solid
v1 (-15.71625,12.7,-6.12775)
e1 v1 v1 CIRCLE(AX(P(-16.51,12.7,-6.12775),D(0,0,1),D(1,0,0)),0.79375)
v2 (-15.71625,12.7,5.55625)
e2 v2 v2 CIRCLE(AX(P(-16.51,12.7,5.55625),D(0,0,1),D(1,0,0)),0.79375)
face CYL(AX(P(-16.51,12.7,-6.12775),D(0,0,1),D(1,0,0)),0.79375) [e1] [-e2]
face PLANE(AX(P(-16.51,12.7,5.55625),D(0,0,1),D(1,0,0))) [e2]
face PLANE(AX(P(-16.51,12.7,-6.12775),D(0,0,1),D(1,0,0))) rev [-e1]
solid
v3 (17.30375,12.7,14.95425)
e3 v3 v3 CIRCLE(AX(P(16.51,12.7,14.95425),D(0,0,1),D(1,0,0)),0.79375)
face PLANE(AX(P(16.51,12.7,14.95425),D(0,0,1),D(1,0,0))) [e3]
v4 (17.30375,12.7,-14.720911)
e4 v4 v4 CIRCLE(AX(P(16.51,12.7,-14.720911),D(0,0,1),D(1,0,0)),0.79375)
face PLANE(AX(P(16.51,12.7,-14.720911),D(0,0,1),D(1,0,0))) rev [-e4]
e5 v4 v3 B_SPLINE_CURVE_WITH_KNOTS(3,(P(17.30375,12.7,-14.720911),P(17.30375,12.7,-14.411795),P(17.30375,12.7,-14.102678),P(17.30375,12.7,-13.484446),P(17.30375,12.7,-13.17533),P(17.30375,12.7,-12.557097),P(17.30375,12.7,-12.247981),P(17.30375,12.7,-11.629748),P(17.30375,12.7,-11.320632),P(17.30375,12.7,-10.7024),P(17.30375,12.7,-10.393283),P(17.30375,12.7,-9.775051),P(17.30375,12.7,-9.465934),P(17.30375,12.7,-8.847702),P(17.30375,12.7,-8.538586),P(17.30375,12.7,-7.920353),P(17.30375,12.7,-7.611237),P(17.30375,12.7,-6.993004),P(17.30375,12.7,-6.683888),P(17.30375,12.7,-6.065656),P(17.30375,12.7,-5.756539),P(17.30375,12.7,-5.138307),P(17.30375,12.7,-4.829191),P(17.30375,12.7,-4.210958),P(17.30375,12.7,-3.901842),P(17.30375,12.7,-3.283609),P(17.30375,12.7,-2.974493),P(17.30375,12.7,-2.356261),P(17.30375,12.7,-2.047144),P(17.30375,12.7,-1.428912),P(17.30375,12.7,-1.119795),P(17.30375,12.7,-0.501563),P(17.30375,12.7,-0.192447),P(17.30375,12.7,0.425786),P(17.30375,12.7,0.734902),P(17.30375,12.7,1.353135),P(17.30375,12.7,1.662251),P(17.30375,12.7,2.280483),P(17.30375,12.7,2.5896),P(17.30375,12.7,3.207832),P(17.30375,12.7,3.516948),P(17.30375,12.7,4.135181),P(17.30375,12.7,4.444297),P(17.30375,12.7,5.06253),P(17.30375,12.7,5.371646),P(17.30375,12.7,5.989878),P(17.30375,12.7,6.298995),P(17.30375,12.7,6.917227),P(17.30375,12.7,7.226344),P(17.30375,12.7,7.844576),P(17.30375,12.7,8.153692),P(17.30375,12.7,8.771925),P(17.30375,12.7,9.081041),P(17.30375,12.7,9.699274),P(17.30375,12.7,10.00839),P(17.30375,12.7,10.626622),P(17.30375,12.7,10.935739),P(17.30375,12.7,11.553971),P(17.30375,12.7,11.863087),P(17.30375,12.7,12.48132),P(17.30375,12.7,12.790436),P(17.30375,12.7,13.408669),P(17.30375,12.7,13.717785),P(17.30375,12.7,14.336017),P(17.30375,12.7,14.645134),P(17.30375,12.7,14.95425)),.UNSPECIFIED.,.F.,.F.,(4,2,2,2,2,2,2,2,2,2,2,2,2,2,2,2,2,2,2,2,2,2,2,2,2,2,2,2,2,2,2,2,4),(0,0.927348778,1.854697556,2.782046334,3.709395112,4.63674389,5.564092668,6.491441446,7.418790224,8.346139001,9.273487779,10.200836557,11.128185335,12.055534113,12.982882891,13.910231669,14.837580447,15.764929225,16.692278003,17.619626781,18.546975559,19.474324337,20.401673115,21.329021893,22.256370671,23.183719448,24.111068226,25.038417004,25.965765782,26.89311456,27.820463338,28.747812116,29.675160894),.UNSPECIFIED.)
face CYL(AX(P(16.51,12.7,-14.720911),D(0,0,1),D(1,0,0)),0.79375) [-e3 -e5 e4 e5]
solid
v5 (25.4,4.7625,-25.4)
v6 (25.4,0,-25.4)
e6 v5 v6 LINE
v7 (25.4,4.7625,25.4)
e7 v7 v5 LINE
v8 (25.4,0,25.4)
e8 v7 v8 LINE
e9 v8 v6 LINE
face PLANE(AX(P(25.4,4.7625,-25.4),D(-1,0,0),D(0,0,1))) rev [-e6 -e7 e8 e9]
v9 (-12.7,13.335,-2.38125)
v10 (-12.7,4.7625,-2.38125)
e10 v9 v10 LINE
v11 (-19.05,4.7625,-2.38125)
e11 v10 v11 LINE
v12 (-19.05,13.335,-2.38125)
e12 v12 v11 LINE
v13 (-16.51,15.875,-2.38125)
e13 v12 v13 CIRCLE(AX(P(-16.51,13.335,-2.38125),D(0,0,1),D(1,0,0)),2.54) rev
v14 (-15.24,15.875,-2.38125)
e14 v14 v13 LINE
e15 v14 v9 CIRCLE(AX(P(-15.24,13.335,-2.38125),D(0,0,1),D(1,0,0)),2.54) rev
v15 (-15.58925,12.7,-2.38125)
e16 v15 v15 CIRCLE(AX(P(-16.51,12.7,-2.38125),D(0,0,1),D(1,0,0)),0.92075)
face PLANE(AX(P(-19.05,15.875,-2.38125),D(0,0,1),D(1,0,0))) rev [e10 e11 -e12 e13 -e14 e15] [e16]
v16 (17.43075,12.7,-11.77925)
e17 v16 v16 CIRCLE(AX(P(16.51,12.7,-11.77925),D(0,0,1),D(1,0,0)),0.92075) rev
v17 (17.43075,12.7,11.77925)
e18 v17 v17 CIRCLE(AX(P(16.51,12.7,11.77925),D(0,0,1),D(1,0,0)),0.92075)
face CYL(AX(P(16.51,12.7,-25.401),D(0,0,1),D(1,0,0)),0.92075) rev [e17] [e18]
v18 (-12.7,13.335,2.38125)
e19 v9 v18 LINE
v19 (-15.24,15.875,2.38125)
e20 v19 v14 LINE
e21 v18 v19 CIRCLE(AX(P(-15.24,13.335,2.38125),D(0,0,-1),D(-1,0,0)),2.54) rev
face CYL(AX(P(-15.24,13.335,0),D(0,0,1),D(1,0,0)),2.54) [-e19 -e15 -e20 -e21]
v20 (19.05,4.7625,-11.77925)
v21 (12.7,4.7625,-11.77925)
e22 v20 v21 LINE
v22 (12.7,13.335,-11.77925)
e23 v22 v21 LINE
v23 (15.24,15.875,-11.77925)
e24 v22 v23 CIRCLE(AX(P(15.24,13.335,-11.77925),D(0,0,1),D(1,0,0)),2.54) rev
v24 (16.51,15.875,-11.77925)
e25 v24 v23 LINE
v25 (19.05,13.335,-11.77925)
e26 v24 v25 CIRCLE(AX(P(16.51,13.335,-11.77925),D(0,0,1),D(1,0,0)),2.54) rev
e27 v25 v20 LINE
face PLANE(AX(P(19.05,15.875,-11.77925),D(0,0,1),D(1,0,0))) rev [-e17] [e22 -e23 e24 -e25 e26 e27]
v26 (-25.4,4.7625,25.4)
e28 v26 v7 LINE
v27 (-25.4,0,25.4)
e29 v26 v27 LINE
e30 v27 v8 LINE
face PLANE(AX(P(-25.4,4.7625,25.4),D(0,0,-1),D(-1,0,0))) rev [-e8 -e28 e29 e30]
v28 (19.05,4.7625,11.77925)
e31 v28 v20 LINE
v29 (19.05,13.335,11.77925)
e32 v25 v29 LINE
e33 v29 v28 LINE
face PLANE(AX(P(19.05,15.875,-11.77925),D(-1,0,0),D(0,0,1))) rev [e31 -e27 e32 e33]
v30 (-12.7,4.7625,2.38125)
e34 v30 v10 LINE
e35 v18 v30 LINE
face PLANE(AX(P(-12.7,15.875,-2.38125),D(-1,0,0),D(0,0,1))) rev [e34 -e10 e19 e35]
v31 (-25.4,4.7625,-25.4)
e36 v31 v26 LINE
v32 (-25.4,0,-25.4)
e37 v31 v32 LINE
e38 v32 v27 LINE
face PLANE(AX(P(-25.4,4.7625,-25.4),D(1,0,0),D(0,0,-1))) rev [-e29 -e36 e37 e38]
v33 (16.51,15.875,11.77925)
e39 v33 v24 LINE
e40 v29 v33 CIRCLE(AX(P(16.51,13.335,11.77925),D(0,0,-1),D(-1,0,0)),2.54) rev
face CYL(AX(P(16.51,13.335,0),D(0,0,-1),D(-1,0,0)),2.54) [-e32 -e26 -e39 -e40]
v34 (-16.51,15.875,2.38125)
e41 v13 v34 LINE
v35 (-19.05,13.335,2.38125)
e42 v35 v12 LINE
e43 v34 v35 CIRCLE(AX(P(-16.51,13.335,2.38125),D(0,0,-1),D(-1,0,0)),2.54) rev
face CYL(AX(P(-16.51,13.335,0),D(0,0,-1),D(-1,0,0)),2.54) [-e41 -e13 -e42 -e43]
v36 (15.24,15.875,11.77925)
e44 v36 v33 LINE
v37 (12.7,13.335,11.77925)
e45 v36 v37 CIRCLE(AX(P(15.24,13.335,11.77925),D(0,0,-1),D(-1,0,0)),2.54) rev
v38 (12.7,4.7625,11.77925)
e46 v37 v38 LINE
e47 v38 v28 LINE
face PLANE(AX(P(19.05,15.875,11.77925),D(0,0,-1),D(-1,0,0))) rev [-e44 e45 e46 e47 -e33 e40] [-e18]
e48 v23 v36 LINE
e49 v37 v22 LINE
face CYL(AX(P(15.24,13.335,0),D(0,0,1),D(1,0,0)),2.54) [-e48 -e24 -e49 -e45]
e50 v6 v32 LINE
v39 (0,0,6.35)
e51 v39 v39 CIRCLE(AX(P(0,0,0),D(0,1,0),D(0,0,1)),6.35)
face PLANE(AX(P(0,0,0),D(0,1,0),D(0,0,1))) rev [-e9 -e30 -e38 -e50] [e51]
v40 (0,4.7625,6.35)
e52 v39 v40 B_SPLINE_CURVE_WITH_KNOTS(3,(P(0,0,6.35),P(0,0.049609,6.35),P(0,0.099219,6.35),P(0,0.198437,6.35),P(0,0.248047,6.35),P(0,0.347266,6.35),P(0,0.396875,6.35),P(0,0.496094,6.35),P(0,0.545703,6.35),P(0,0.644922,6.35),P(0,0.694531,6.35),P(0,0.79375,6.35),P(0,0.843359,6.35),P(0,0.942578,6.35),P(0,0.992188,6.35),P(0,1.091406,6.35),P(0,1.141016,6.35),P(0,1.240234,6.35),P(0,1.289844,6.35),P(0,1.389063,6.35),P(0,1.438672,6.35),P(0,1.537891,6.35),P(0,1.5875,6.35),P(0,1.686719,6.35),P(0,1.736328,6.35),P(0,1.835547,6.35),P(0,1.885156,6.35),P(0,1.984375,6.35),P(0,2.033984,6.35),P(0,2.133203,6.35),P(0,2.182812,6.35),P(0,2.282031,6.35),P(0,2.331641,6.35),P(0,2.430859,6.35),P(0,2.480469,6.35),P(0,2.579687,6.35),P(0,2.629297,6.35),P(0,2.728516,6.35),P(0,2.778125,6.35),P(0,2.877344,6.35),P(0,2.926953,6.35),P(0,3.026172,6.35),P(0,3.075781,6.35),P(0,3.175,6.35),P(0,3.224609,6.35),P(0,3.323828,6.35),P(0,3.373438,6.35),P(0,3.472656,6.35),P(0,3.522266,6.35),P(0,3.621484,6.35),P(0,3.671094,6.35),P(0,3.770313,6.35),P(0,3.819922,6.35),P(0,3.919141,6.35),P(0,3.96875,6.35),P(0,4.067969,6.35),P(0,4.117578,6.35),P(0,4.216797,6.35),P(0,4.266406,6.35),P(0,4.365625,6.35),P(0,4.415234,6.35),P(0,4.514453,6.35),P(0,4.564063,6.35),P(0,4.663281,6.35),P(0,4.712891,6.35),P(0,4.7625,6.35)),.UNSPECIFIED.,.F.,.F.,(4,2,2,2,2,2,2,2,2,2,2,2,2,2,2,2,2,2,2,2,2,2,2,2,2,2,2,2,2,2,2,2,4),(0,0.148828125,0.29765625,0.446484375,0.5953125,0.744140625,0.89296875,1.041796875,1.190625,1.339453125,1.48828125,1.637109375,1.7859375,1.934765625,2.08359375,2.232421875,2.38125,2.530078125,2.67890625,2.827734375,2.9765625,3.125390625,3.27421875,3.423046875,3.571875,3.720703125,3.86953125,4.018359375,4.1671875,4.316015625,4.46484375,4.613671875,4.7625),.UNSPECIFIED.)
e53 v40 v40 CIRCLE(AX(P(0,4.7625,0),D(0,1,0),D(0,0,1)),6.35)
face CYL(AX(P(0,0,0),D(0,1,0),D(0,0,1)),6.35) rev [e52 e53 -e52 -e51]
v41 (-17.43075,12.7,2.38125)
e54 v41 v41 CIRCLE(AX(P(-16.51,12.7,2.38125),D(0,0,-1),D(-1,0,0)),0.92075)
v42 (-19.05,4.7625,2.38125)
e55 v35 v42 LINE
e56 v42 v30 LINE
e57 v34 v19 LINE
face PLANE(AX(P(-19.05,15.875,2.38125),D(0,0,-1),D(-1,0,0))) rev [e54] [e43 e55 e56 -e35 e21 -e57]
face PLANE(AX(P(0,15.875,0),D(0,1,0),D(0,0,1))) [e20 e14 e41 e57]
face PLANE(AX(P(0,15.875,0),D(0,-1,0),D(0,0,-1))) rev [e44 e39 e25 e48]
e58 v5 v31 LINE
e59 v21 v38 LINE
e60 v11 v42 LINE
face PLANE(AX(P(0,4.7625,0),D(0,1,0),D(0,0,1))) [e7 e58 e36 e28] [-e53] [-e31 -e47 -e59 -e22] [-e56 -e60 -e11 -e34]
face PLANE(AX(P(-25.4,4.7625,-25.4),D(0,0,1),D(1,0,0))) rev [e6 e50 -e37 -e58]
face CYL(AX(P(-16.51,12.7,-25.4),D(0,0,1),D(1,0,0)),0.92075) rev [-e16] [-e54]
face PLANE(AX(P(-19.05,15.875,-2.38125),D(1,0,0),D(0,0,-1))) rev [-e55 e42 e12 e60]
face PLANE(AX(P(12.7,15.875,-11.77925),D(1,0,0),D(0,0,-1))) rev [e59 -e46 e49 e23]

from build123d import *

# Parameters (mm, degrees)
SKETCH3_W                = 50.8
SKETCH3_H                = 50.8
BOSS_EXTRUDE2_DEPTH      = 4.7625
SKETCH4_R                = 6.35
CUT_EXTRUDE2_DEPTH       = 37.235361268
SKETCH5_W                = 6.35
SKETCH5_H                = 4.7625
SKETCH5_H_2              = 23.5585
BOSS_EXTRUDE3_DEPTH      = 11.1125
CUT_EXTRUDE5_DEPTH       = 41.853071813
CUT_EXTRUDE5_DEPTH_BACK  = 41.853071813
SKETCH8_R                = 0.79375
SKETCH8_R_2              = 0.92075
BOSS_EXTRUDE5_DEPTH      = 3.175
BOSS_EXTRUDE5_DEPTH_BACK = 8.509
SKETCH9_R                = 0.79375
CUT_EXTRUDE6_START       = -23.5585
SKETCH10_R               = 0.92075
CUT_EXTRUDE6_DEPTH       = 23.5585
BOSS_EXTRUDE6_DEPTH      = 3.175
BOSS_EXTRUDE6_DEPTH_BACK = 26.500160894
SKETCH11_R               = 0.79375
FILLET1_R                = 2.54


with BuildPart() as part:
    # Sketch3 → Boss-Extrude2 (new body)
    with BuildSketch(Plane(origin=(0, 0, 0), x_dir=(1, 0, 0), z_dir=(0, 1, 0))):
        Rectangle(SKETCH3_W, SKETCH3_H)
    extrude(amount=BOSS_EXTRUDE2_DEPTH)

    # Sketch4 → Cut-Extrude2 (cut, through all)
    with BuildSketch(Plane(origin=(0, 4.7625, 0), x_dir=(1, 0, 0), z_dir=(0, 1, 0))):
        with Locations(Location((0, 0, 0), (0, 0, 270))):
            Circle(SKETCH4_R)
    extrude(amount=-CUT_EXTRUDE2_DEPTH, mode=Mode.SUBTRACT)

    # Sketch5 → Boss-Extrude3 (add)
    with BuildSketch(Plane(origin=(0, 4.7625, 0), x_dir=(1, 0, 0), z_dir=(0, 1, 0))):
        with Locations((-15.875, 0)):
            Rectangle(SKETCH5_W, SKETCH5_H)
        with Locations((15.875, 0)):
            Rectangle(SKETCH5_W, SKETCH5_H_2)
    extrude(amount=BOSS_EXTRUDE3_DEPTH)

    # Sketch8 → Cut-Extrude5 (cut, two sides: drawn at the far end of the back side and taken through both)
    with BuildSketch(Plane.XY.offset(2.38125).offset(-CUT_EXTRUDE5_DEPTH_BACK)):
        with Locations((16.51, 12.7)):
            Circle(SKETCH8_R)
        with Locations((-16.51, 12.7)):
            Circle(SKETCH8_R_2)
    extrude(amount=CUT_EXTRUDE5_DEPTH + CUT_EXTRUDE5_DEPTH_BACK, mode=Mode.SUBTRACT)

    # Sketch9 → Boss-Extrude5 (add, two sides: drawn at the far end of the back side and taken through both)
    with BuildSketch(Plane.XY.offset(2.38125).offset(-BOSS_EXTRUDE5_DEPTH_BACK)):
        with Locations((-16.51, 12.7)):
            Circle(SKETCH9_R)
        with Locations((16.51, 12.7)):
            Circle(SKETCH9_R)
    extrude(amount=BOSS_EXTRUDE5_DEPTH + BOSS_EXTRUDE5_DEPTH_BACK)


with BuildPart() as boss_extrude5_piece_1:
    # of the separate pieces the step leaves, piece 1, a body of its own (boss_extrude5_pieces)
    add(part.part.solids().sort_by_distance((-25.4, 0, -25.4))[0])

    # Sketch10 → Cut-Extrude6 (cut)
    with BuildSketch(Plane.XY.offset(11.77925).offset(CUT_EXTRUDE6_START)):
        with Locations((16.51, 12.7)):
            Circle(SKETCH10_R)
    extrude(amount=CUT_EXTRUDE6_DEPTH, mode=Mode.SUBTRACT)

    # Fillet1
    fillet1_edges = [boss_extrude5_piece_1.edges().sort_by_distance(p)[0] for p in [
        (-19.05, 15.875, 0),
        (-12.7, 15.875, 0),
        (19.05, 15.875, 0),
        (12.7, 15.875, 0),
    ]]
    fillet(fillet1_edges, radius=FILLET1_R)


with BuildPart() as boss_extrude5_piece_2:
    # of the separate pieces the step leaves, piece 2, a body of its own (boss_extrude5_pieces)
    add(part.part.solids().sort_by_distance((-15.71625, 12.7, 2.38125))[0])


with BuildPart() as body_3:
    # Sketch11 → Boss-Extrude6 (new, two sides: drawn at the far end of the back side and taken through both)
    with BuildSketch(Plane.XY.offset(11.77925).offset(-BOSS_EXTRUDE6_DEPTH_BACK)):
        with Locations((16.51, 12.7)):
            Circle(SKETCH11_R)
    extrude(amount=BOSS_EXTRUDE6_DEPTH + BOSS_EXTRUDE6_DEPTH_BACK)


solid = Compound([boss_extrude5_piece_1.part, boss_extrude5_piece_2.part, body_3.part])
